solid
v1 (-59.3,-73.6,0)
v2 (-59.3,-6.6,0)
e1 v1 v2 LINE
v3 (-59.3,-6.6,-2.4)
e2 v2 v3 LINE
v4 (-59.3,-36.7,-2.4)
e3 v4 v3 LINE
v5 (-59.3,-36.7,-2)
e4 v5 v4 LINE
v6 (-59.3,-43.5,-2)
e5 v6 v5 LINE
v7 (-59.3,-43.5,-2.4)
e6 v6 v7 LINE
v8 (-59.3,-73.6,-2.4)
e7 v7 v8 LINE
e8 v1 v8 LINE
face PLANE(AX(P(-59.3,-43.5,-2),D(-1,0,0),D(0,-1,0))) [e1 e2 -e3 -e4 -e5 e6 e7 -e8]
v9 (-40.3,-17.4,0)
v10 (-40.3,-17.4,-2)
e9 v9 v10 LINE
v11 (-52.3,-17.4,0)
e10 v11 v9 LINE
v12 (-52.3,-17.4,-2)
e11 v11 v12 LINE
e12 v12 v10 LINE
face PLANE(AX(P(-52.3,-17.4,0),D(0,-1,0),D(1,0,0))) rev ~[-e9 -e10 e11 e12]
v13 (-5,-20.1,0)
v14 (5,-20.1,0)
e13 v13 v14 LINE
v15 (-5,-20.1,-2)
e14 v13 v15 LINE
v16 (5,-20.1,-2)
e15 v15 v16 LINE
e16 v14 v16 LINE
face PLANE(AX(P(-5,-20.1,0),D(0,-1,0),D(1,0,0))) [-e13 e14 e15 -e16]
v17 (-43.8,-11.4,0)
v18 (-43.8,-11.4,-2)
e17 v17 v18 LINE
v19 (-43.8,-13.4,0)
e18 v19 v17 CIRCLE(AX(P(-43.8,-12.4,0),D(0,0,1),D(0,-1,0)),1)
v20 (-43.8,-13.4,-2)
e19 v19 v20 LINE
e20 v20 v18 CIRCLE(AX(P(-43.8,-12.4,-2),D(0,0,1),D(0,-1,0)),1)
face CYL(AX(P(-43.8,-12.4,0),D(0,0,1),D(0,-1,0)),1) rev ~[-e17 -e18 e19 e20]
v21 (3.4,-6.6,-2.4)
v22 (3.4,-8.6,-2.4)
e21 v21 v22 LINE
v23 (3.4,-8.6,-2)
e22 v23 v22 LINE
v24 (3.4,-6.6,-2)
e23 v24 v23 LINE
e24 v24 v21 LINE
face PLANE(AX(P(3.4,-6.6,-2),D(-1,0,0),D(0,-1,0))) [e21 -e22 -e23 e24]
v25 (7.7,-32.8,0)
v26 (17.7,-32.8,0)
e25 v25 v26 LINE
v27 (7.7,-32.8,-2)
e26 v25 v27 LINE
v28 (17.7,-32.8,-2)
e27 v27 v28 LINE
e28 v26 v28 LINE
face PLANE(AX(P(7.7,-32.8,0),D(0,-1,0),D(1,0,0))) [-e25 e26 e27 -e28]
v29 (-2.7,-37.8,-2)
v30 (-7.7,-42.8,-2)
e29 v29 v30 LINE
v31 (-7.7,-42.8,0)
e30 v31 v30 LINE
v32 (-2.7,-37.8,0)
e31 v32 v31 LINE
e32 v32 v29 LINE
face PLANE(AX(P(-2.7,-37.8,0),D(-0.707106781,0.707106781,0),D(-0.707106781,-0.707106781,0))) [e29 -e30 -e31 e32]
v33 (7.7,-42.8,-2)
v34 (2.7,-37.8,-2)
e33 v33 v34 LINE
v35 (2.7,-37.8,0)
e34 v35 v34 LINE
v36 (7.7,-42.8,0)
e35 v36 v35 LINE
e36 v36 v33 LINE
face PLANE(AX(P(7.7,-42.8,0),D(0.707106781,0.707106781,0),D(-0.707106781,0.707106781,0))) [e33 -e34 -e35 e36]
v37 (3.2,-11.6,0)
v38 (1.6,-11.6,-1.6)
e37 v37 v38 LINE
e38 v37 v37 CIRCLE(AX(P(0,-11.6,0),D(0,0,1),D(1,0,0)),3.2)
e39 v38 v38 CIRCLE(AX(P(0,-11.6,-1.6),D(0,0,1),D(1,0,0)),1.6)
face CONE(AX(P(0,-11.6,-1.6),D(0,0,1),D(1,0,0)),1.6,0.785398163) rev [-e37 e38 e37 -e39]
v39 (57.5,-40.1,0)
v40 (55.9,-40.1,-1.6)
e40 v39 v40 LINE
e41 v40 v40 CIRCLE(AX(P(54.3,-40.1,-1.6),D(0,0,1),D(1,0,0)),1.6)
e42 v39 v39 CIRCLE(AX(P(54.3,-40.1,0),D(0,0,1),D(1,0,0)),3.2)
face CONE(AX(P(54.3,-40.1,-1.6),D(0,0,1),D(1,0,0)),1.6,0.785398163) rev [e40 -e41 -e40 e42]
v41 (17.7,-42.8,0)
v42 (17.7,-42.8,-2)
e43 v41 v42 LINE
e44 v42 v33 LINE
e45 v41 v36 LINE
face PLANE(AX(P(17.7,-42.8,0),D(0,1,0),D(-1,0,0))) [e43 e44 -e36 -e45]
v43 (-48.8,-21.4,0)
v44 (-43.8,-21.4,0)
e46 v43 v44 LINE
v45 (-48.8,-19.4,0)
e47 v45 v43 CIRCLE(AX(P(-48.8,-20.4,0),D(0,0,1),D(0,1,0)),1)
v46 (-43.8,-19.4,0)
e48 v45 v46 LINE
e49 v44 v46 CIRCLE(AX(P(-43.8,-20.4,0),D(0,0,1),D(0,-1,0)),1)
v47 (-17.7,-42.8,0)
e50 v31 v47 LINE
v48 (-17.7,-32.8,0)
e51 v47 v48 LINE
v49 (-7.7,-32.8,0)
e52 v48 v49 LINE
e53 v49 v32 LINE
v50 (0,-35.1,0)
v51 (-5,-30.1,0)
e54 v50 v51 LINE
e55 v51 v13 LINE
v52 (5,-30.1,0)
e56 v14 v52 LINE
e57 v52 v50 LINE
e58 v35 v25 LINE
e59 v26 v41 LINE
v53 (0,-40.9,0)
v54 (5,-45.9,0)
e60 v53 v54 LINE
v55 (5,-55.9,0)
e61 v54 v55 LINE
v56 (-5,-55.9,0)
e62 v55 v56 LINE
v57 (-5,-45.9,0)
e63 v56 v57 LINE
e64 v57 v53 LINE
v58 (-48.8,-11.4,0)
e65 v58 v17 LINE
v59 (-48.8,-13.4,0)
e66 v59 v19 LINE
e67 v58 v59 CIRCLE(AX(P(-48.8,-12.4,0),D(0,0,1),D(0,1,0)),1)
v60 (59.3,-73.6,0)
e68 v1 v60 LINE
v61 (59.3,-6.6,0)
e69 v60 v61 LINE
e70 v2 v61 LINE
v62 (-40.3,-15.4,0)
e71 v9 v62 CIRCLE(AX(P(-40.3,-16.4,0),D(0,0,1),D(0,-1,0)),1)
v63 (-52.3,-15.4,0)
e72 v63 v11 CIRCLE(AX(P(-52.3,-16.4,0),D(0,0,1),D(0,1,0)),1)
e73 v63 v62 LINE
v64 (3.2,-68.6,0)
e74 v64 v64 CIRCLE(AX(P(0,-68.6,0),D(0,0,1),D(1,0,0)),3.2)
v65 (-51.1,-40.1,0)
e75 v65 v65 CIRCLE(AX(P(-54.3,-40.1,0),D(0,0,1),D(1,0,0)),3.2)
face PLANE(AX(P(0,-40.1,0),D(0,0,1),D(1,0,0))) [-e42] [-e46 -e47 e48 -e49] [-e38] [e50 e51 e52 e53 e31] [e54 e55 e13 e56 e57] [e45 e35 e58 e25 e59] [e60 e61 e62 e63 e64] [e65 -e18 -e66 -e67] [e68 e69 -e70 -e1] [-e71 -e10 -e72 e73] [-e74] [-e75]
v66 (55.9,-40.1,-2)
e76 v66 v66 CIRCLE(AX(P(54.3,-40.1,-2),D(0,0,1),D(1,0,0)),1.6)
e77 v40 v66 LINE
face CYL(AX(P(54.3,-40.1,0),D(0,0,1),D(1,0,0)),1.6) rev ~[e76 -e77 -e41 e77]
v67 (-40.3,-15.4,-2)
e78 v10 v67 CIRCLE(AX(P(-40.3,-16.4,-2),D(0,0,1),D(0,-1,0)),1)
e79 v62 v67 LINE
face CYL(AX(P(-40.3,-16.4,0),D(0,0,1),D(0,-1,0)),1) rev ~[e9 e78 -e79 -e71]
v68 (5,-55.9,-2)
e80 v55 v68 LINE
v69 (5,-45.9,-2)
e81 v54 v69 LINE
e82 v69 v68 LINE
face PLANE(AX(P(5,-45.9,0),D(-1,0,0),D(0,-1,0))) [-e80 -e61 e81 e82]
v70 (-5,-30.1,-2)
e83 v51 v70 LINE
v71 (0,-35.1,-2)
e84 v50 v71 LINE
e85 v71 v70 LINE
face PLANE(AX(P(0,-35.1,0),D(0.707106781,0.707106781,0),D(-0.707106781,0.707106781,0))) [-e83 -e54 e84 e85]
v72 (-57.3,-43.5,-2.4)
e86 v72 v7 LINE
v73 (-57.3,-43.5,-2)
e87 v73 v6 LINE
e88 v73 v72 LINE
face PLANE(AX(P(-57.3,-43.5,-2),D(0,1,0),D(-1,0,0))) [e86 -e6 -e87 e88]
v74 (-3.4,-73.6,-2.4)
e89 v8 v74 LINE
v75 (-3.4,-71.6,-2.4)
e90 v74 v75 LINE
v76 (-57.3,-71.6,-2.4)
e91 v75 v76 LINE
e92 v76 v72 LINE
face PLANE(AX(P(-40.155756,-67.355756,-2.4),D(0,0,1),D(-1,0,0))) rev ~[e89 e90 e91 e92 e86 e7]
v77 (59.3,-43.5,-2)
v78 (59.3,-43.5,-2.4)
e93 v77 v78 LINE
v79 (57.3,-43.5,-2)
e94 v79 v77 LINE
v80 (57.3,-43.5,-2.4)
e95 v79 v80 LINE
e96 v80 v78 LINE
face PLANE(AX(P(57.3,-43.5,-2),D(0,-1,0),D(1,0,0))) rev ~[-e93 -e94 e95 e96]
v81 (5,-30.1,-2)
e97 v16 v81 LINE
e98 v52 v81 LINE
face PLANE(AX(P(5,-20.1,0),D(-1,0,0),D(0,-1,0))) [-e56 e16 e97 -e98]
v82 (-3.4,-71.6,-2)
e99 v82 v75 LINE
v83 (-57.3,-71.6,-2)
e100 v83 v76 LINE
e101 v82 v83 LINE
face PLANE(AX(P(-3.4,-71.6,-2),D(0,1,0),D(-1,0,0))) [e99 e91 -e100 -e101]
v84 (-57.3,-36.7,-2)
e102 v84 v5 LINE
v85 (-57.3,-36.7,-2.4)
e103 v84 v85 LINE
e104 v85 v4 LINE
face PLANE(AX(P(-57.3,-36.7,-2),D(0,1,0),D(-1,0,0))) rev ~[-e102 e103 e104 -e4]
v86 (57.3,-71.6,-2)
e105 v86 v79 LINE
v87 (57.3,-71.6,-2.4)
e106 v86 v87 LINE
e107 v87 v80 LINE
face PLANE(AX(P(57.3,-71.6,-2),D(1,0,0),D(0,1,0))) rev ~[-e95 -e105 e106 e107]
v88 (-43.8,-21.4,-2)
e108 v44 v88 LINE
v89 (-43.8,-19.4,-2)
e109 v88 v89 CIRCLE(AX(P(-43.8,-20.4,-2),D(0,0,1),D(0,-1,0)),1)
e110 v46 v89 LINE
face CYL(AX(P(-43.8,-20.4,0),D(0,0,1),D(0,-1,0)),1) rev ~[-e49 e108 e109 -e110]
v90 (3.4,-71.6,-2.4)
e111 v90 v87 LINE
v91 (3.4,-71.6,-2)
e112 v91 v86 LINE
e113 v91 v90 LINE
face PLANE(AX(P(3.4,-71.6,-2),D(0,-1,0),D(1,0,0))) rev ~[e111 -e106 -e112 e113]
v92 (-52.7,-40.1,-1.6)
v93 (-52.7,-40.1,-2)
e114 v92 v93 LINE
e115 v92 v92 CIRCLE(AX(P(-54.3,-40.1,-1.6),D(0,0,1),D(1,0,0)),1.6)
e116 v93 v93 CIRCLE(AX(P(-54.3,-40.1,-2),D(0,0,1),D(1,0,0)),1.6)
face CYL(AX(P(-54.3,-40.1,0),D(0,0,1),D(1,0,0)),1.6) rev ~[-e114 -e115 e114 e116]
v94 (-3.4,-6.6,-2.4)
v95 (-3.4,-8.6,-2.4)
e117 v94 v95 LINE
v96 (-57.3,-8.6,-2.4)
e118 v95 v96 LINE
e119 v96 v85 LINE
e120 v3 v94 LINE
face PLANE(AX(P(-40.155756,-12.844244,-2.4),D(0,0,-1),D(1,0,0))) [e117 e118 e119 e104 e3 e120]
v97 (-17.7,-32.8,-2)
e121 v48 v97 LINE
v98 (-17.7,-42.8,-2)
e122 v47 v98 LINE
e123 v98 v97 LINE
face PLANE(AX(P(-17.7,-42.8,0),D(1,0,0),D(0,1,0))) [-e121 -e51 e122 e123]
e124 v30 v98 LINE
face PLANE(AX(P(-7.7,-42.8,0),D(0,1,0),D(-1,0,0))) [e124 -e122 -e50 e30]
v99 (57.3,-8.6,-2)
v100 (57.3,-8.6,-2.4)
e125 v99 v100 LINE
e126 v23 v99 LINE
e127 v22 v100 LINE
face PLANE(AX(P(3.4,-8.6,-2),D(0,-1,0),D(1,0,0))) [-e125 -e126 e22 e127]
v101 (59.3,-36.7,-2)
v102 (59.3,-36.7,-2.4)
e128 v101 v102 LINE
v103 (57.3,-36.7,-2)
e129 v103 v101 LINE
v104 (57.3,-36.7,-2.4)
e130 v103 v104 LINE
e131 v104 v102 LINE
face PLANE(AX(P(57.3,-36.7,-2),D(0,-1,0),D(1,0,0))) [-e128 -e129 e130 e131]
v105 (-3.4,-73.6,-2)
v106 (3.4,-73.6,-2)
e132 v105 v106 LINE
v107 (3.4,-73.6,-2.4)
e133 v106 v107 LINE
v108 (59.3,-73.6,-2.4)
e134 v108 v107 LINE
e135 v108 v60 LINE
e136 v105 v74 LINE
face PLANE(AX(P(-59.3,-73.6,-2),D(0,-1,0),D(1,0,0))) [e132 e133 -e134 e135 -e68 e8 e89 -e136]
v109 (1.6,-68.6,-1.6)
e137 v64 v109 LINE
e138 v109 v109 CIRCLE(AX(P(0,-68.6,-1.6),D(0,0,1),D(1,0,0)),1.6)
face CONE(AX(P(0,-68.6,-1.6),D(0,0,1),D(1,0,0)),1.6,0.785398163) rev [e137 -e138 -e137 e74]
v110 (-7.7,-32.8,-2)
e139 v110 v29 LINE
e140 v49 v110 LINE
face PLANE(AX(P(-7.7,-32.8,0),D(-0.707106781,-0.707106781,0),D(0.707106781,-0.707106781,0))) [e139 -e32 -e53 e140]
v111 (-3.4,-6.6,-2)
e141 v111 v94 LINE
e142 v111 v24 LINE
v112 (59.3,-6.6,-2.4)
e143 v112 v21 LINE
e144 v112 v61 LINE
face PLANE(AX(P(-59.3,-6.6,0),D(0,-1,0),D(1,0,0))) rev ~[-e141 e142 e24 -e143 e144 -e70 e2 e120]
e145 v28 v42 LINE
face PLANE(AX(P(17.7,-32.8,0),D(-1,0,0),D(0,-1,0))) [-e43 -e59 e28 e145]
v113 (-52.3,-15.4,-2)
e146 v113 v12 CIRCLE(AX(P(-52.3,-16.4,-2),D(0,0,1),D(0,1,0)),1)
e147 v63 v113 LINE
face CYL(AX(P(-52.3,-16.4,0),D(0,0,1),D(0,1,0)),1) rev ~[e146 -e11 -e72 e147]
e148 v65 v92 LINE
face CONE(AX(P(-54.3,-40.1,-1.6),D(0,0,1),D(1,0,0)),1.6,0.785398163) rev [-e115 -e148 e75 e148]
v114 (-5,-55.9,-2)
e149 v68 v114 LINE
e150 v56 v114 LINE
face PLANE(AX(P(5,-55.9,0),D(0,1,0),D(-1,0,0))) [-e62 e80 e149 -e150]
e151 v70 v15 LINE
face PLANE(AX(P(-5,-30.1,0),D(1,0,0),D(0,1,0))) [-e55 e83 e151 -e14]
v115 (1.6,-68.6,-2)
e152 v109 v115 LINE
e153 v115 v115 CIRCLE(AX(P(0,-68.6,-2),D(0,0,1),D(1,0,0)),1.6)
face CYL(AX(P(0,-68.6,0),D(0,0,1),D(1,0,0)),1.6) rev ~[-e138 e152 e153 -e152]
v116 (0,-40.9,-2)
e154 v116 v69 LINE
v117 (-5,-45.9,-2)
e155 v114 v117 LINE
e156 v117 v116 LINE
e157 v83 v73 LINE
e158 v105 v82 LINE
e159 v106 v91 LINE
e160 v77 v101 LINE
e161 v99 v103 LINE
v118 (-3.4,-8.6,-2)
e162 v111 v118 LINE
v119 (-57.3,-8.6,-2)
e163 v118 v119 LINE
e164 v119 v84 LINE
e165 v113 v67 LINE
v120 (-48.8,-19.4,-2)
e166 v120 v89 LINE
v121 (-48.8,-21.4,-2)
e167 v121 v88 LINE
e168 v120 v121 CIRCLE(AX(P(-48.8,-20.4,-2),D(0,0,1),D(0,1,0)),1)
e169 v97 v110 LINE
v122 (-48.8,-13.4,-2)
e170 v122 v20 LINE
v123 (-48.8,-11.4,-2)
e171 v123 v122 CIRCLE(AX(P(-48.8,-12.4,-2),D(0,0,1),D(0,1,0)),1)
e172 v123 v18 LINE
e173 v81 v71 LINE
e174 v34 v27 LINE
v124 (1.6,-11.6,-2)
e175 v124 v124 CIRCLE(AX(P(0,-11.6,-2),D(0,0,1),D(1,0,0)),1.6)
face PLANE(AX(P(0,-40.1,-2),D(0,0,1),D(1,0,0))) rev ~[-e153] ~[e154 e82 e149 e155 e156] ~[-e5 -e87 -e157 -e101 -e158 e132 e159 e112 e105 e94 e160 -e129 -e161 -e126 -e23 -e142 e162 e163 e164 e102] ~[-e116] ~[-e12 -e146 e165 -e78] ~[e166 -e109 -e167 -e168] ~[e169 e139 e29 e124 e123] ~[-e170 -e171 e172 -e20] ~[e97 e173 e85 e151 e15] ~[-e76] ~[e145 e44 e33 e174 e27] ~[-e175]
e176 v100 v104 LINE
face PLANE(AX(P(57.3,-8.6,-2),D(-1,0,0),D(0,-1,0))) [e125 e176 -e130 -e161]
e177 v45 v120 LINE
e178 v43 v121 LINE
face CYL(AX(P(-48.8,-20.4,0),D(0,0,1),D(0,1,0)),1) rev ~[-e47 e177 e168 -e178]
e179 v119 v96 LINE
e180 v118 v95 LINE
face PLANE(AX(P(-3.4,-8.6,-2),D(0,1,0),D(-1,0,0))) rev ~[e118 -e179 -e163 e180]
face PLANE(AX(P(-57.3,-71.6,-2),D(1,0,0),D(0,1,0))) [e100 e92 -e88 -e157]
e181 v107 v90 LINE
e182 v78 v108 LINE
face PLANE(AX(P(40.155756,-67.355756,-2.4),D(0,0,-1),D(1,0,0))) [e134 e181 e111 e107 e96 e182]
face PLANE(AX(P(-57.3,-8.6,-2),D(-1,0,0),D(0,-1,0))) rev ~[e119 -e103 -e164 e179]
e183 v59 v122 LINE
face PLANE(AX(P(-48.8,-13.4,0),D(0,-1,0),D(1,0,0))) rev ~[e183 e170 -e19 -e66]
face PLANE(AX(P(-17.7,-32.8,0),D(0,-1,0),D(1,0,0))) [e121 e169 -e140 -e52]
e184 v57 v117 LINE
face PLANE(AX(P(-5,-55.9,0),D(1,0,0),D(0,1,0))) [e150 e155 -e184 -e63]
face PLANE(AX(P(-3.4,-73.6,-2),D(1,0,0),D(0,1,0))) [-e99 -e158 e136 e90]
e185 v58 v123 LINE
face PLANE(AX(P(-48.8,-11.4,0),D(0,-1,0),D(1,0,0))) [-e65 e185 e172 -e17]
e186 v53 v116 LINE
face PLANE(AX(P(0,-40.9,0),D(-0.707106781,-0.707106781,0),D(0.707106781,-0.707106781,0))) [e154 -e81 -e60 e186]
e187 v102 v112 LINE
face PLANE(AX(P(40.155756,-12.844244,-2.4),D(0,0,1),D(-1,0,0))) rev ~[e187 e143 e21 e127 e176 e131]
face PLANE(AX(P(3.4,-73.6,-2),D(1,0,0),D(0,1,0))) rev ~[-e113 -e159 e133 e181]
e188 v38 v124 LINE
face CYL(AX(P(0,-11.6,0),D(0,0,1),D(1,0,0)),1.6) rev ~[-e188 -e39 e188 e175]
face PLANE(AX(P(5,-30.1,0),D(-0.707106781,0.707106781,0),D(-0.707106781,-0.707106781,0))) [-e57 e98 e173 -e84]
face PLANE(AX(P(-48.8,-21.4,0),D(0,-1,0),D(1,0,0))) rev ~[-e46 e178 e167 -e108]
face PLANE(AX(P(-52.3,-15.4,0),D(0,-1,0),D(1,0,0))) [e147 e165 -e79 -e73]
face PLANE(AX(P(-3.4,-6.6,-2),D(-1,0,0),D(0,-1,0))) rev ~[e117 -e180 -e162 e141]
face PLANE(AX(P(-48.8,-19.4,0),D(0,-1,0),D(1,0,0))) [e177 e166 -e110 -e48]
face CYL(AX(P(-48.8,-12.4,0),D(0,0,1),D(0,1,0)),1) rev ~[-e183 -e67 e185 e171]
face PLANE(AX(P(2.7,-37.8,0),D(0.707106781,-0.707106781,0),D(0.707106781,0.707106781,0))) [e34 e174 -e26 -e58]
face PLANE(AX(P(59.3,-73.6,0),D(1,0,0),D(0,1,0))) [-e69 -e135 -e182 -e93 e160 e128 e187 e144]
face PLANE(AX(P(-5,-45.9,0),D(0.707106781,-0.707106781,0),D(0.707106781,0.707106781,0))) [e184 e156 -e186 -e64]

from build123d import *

# Parameters (mm, degrees)
SKETCH049_W     = 118.6
SKETCH049_H     = 67
PAD008_DEPTH    = 2
SKETCH050_R     = 1.6
POCKET017_DEPTH = 2
CHAMFER001_SIZE = 1.6
PAD018_DEPTH    = 0.4
POCKET023_DEPTH = 2.401


with BuildPart() as part:
    # Sketch049 → Pad008 (new body)
    with BuildSketch(Plane.XY):
        with Locations((0, -40.1)):
            Rectangle(SKETCH049_W, SKETCH049_H)
    extrude(amount=-PAD008_DEPTH)

    # Sketch050 (on Face5 of Pad008) → Pocket017 (cut)
    with BuildSketch(Plane.XY):
        with Locations((0, -11.6)):
            Circle(SKETCH050_R)
        with Locations((54.3, -40.1)):
            Circle(SKETCH050_R)
        with Locations((-54.3, -40.1)):
            Circle(SKETCH050_R)
        with Locations((0, -68.6)):
            Circle(SKETCH050_R)
    extrude(amount=-POCKET017_DEPTH, mode=Mode.SUBTRACT)

    # Chamfer001
    chamfer001_edges = [part.edges().sort_by_distance(p)[0] for p in [
        (-55.9, -40.1, 0),
        (-1.6, -11.6, 0),
        (52.7, -40.1, 0),
        (-1.6, -68.6, 0),
    ]]
    chamfer(chamfer001_edges, length=CHAMFER001_SIZE)

    # Sketch052 (on Face11 of Chamfer001) → Pad018 (join)
    with BuildSketch(Plane(origin=(0, 0, -2), x_dir=(1, 0, 0), z_dir=(0, 0, -1))):
        Polygon((-59.3, 73.6), (-3.4, 73.6), (-3.4, 71.6), (-57.3, 71.6), (-57.3, 43.5), (-59.3, 43.5), align=None)
        Polygon((59.3, 73.6), (3.4, 73.6), (3.4, 71.6), (57.3, 71.6), (57.3, 43.5), (59.3, 43.5), align=None)
        Polygon((59.3, 6.6), (3.4, 6.6), (3.4, 8.6), (57.3, 8.6), (57.3, 36.7), (59.3, 36.7), align=None)
        Polygon((-59.3, 6.6), (-3.4, 6.6), (-3.4, 8.6), (-57.3, 8.6), (-57.3, 36.7), (-59.3, 36.7), align=None)
    extrude(amount=PAD018_DEPTH)

    # Sketch065 (on Face1 of Pad018) → Pocket023 (cut, through all)
    with BuildSketch(Plane.XY):
        with BuildLine():
            ThreePointArc((-48.8, -11.4), (-49.8, -12.4), (-48.8, -13.4))
            Line((-48.8, -13.4), (-43.8, -13.4))
            ThreePointArc((-43.8, -13.4), (-42.8, -12.4), (-43.8, -11.4))
            Line((-48.8, -11.4), (-43.8, -11.4))
        make_face()
        with BuildLine():
            ThreePointArc((-52.3, -15.4), (-53.3, -16.4), (-52.3, -17.4))
            Line((-52.3, -17.4), (-40.3, -17.4))
            ThreePointArc((-40.3, -17.4), (-39.3, -16.4), (-40.3, -15.4))
            Line((-52.3, -15.4), (-40.3, -15.4))
        make_face()
        with BuildLine():
            ThreePointArc((-48.8, -19.4), (-49.8, -20.4), (-48.8, -21.4))
            Line((-48.8, -21.4), (-43.8, -21.4))
            ThreePointArc((-43.8, -21.4), (-42.8, -20.4), (-43.8, -19.4))
            Line((-48.8, -19.4), (-43.8, -19.4))
        make_face()
        Polygon((-17.7, -32.8), (-7.7, -32.8), (-2.7, -37.8), (-7.7, -42.8), (-17.7, -42.8), align=None)
        Polygon((-5, -20.1), (5, -20.1), (5, -30.1), (0, -35.1), (-5, -30.1), align=None)
        Polygon((7.7, -32.8), (17.7, -32.8), (17.7, -42.8), (7.7, -42.8), (2.7, -37.8), align=None)
        Polygon((5, -45.9), (5, -55.9), (-5, -55.9), (-5, -45.9), (0, -40.9), align=None)
    extrude(amount=-POCKET023_DEPTH, mode=Mode.SUBTRACT)


solid = part.part
